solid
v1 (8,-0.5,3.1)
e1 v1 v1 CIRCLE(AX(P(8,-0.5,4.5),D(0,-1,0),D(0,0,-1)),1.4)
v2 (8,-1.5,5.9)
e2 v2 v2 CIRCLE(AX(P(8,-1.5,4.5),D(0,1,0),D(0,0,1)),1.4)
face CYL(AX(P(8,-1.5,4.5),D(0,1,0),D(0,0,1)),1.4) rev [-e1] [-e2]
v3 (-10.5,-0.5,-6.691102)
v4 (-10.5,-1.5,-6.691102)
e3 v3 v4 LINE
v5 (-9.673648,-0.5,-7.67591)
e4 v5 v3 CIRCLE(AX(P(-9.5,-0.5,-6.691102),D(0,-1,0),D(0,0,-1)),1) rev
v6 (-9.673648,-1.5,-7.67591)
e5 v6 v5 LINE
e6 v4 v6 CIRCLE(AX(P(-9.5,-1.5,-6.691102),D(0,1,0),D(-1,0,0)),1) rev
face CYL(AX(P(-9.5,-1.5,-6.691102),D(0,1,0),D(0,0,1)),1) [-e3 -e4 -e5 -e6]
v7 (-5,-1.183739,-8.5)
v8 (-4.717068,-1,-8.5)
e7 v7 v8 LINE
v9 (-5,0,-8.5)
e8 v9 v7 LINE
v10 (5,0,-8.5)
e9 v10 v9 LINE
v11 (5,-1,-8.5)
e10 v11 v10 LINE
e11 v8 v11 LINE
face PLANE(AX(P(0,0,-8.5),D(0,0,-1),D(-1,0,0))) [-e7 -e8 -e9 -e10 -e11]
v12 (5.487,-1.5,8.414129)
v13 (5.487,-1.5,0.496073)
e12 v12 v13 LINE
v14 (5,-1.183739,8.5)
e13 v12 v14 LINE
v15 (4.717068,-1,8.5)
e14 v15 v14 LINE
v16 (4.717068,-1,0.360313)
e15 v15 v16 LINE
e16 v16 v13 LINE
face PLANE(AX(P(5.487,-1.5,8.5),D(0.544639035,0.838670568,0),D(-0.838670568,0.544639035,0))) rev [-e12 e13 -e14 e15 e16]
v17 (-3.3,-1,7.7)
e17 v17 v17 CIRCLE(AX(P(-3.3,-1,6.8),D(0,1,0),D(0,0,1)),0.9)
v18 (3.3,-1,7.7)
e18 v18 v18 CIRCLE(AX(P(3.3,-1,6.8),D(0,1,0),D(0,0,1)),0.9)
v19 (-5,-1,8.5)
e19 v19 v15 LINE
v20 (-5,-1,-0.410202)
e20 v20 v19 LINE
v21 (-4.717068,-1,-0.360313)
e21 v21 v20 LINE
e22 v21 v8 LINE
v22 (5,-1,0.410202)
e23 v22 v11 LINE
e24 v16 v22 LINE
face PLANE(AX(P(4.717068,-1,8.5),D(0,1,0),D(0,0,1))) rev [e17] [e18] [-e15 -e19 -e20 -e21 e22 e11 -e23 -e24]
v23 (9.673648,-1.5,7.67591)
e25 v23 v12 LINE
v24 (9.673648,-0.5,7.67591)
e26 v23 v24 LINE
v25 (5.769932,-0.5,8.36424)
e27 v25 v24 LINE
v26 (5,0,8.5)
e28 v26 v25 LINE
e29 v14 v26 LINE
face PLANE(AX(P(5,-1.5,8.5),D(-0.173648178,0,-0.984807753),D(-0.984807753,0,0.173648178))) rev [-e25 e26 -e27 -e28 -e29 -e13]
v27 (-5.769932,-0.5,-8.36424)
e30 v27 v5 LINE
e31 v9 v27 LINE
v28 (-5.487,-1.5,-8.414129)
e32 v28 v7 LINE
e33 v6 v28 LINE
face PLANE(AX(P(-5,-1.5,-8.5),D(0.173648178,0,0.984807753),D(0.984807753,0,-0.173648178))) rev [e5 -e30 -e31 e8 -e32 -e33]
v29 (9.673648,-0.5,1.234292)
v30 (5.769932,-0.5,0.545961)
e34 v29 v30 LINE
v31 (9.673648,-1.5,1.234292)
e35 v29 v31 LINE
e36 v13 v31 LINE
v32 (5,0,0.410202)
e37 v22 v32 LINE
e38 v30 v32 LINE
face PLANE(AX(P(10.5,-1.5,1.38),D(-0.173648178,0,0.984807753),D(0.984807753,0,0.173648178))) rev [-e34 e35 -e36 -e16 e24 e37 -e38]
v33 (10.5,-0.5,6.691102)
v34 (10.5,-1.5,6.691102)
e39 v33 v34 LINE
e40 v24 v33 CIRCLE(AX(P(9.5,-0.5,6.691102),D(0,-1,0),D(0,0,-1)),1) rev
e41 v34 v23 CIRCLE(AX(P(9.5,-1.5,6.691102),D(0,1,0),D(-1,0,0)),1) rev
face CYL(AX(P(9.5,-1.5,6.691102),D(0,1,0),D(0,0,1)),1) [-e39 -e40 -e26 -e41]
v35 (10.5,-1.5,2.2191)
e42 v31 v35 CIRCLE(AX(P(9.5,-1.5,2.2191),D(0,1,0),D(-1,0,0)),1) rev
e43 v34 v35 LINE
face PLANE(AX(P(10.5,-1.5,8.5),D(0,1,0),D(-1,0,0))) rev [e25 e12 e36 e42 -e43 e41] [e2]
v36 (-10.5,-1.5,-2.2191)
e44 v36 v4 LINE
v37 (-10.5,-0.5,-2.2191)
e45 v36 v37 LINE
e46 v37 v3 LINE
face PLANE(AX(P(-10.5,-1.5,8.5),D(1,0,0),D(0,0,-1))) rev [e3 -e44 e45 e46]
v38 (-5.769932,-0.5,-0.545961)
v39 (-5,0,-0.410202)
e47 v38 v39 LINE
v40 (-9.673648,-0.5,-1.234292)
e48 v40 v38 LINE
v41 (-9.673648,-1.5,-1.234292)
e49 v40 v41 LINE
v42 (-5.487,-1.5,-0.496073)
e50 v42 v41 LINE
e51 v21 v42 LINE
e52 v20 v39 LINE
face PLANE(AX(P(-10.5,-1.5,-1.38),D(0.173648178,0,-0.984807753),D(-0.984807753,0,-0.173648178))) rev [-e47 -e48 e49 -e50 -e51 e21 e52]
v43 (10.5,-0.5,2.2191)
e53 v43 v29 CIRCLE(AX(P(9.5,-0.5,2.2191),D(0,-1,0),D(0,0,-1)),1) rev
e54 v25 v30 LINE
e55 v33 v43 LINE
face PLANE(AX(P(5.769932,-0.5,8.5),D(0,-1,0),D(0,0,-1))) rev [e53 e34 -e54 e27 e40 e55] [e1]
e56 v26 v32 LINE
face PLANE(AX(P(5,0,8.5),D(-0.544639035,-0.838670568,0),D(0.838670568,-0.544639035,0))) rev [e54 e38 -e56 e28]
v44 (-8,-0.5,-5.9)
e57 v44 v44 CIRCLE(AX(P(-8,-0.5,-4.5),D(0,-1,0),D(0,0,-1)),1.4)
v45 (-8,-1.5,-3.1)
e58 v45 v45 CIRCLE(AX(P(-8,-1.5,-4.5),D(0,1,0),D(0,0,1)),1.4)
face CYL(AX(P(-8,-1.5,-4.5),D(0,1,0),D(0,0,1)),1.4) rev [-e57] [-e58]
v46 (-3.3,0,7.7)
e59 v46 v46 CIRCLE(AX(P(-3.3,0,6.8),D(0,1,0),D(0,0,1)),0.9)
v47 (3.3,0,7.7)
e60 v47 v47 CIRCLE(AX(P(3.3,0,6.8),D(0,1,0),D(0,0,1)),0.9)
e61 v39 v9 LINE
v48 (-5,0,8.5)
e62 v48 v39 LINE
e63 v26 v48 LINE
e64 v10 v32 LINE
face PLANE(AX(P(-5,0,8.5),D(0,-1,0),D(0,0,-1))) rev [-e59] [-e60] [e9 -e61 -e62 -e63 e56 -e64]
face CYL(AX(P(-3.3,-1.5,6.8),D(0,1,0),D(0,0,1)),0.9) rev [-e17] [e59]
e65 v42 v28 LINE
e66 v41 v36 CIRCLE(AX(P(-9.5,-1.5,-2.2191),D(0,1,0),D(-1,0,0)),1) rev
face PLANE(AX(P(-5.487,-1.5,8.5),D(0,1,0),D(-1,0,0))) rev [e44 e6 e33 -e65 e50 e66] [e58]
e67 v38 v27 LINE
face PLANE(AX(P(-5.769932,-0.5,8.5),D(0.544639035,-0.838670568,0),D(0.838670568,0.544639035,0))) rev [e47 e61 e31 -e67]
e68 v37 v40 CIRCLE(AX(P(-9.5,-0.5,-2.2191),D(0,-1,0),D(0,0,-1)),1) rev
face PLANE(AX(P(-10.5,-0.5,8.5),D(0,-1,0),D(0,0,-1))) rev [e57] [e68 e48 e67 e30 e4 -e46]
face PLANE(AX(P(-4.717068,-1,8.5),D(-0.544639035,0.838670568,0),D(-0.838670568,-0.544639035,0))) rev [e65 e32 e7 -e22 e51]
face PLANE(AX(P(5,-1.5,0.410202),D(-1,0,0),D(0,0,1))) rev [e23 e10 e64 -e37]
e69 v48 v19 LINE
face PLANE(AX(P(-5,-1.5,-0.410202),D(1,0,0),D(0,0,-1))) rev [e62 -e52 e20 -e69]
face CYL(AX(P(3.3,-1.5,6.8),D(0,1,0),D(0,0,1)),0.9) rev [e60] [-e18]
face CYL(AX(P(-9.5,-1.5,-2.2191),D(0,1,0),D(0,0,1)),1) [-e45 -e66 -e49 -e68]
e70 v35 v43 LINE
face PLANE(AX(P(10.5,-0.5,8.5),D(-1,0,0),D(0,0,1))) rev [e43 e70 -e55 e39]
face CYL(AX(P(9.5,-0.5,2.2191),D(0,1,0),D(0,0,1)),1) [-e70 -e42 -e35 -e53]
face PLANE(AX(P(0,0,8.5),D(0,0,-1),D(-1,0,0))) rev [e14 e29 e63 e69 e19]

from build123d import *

# Parameters (mm, degrees)
BOSS_EXTRUDE1_DEPTH = 8.5
SKETCH2_R           = 0.9
SKETCH2_R_2         = 1.4
CUT_EXTRUDE1_DEPTH  = 14.592277219
CUT_EXTRUDE2_DEPTH  = 14.592277219
CUT_EXTRUDE3_REACH  = 22.037
CUT_EXTRUDE4_REACH  = 22.037
FILLET1_R           = 1


with BuildPart() as part:
    # Sketch1 → Boss-Extrude1 (new, symmetric)
    with BuildSketch(Plane.XY):
        Polygon((-5, 0), (5, 0), (5.769932482, -0.5), (10.5, -0.5), (10.5, -1.5), (5.487, -1.5), (4.717067518, -1), (-4.717067518, -1), (-5.487, -1.5), (-10.5, -1.5), (-10.5, -0.5), (-5.769932482, -0.5), align=None)
    extrude(amount=BOSS_EXTRUDE1_DEPTH, both=True)

    # Sketch2 → Cut-Extrude1 (cut, through all)
    with BuildSketch(Plane(origin=(0, 0, 0), x_dir=(1, 0, 0), z_dir=(0, 1, 0))):
        with Locations(Location((-3.3, -6.8, 0), (0, 0, 270))):
            Circle(SKETCH2_R)
        with Locations(Location((3.3, -6.8, 0), (0, 0, 270))):
            Circle(SKETCH2_R)
        with Locations(Location((8, -4.5, 0), (0, 0, 270))):
            Circle(SKETCH2_R_2)
        with Locations(Location((-8, 4.5, 0), (0, 0, 270))):
            Circle(SKETCH2_R_2)
    extrude(amount=-CUT_EXTRUDE1_DEPTH, mode=Mode.SUBTRACT)

    # Sketch3 → Cut-Extrude2 (cut, through all)
    with BuildSketch(Plane(origin=(0, 0, 0), x_dir=(1, 0, 0), z_dir=(0, 1, 0))):
        Polygon((5, -8.5), (10.5, -7.530201606), (10.5, -8.5), align=None)
        Polygon((10.5, -1.38), (5, -0.410201606), (5, 8.5), (10.5, 8.5), align=None)
        Polygon((-10.5, 8.5), (-5, 8.5), (-10.5, 7.530201606), align=None)
        Polygon((-10.5, 1.38), (-5, 0.410201606), (-5, -8.5), (-10.5, -8.5), align=None)
    extrude(amount=-CUT_EXTRUDE2_DEPTH, mode=Mode.SUBTRACT)

    # Cut-Extrude3: up to this face of the body (flat: up to its plane)
    cut_extrude3_end = Plane(part.part.faces().sort_by_distance((-7.700021392, -0.971737286, -0.886288226))[0])
    # Sketch4 → Cut-Extrude3 (cut, up to the picked face)
    with BuildSketch(Plane.XY.offset(8.5), mode=Mode.PRIVATE) as cut_extrude3_sk1:
        Polygon((-5, -1.183738502), (-4.717067518, -1), (-5, -1), align=None)
    cut_extrude3_tool1 = split(extrude(cut_extrude3_sk1.sketch, amount=-CUT_EXTRUDE3_REACH, mode=Mode.PRIVATE), bisect_by=cut_extrude3_end, keep=Keep.BOTH, mode=Mode.PRIVATE)
    add(cut_extrude3_tool1.solids().sort_by(Axis((-4.905689, -1.061246, 8.5), (0, 0, -1)))[0], mode=Mode.SUBTRACT)

    # Cut-Extrude4: up to this face of the body (flat: up to its plane)
    cut_extrude4_end = Plane(part.part.faces().sort_by_distance((7.700021392, -0.971737286, 0.886288226))[0])
    # Sketch5 → Cut-Extrude4 (cut, up to the picked face)
    with BuildSketch(Plane(origin=(0, 0, -8.5), x_dir=(-1, 0, 0), z_dir=(0, 0, -1)), mode=Mode.PRIVATE) as cut_extrude4_sk1:
        Polygon((-5, -1.183738502), (-4.717067518, -1), (-5, -1), align=None)
    cut_extrude4_tool1 = split(extrude(cut_extrude4_sk1.sketch, amount=-CUT_EXTRUDE4_REACH, mode=Mode.PRIVATE), bisect_by=cut_extrude4_end, keep=Keep.BOTH, mode=Mode.PRIVATE)
    add(cut_extrude4_tool1.solids().sort_by(Axis((4.905689, -1.061246, -8.5), (0, 0, 1)))[0], mode=Mode.SUBTRACT)

    # Fillet1
    fillet1_edges = [part.edges().sort_by_distance(p)[0] for p in [
        (-10.5, -1, -1.38),
        (10.5, -1, 7.530201606),
        (10.5, -1, 1.38),
        (-10.5, -1, -7.530201606),
    ]]
    fillet(fillet1_edges, radius=FILLET1_R)


solid = part.part
